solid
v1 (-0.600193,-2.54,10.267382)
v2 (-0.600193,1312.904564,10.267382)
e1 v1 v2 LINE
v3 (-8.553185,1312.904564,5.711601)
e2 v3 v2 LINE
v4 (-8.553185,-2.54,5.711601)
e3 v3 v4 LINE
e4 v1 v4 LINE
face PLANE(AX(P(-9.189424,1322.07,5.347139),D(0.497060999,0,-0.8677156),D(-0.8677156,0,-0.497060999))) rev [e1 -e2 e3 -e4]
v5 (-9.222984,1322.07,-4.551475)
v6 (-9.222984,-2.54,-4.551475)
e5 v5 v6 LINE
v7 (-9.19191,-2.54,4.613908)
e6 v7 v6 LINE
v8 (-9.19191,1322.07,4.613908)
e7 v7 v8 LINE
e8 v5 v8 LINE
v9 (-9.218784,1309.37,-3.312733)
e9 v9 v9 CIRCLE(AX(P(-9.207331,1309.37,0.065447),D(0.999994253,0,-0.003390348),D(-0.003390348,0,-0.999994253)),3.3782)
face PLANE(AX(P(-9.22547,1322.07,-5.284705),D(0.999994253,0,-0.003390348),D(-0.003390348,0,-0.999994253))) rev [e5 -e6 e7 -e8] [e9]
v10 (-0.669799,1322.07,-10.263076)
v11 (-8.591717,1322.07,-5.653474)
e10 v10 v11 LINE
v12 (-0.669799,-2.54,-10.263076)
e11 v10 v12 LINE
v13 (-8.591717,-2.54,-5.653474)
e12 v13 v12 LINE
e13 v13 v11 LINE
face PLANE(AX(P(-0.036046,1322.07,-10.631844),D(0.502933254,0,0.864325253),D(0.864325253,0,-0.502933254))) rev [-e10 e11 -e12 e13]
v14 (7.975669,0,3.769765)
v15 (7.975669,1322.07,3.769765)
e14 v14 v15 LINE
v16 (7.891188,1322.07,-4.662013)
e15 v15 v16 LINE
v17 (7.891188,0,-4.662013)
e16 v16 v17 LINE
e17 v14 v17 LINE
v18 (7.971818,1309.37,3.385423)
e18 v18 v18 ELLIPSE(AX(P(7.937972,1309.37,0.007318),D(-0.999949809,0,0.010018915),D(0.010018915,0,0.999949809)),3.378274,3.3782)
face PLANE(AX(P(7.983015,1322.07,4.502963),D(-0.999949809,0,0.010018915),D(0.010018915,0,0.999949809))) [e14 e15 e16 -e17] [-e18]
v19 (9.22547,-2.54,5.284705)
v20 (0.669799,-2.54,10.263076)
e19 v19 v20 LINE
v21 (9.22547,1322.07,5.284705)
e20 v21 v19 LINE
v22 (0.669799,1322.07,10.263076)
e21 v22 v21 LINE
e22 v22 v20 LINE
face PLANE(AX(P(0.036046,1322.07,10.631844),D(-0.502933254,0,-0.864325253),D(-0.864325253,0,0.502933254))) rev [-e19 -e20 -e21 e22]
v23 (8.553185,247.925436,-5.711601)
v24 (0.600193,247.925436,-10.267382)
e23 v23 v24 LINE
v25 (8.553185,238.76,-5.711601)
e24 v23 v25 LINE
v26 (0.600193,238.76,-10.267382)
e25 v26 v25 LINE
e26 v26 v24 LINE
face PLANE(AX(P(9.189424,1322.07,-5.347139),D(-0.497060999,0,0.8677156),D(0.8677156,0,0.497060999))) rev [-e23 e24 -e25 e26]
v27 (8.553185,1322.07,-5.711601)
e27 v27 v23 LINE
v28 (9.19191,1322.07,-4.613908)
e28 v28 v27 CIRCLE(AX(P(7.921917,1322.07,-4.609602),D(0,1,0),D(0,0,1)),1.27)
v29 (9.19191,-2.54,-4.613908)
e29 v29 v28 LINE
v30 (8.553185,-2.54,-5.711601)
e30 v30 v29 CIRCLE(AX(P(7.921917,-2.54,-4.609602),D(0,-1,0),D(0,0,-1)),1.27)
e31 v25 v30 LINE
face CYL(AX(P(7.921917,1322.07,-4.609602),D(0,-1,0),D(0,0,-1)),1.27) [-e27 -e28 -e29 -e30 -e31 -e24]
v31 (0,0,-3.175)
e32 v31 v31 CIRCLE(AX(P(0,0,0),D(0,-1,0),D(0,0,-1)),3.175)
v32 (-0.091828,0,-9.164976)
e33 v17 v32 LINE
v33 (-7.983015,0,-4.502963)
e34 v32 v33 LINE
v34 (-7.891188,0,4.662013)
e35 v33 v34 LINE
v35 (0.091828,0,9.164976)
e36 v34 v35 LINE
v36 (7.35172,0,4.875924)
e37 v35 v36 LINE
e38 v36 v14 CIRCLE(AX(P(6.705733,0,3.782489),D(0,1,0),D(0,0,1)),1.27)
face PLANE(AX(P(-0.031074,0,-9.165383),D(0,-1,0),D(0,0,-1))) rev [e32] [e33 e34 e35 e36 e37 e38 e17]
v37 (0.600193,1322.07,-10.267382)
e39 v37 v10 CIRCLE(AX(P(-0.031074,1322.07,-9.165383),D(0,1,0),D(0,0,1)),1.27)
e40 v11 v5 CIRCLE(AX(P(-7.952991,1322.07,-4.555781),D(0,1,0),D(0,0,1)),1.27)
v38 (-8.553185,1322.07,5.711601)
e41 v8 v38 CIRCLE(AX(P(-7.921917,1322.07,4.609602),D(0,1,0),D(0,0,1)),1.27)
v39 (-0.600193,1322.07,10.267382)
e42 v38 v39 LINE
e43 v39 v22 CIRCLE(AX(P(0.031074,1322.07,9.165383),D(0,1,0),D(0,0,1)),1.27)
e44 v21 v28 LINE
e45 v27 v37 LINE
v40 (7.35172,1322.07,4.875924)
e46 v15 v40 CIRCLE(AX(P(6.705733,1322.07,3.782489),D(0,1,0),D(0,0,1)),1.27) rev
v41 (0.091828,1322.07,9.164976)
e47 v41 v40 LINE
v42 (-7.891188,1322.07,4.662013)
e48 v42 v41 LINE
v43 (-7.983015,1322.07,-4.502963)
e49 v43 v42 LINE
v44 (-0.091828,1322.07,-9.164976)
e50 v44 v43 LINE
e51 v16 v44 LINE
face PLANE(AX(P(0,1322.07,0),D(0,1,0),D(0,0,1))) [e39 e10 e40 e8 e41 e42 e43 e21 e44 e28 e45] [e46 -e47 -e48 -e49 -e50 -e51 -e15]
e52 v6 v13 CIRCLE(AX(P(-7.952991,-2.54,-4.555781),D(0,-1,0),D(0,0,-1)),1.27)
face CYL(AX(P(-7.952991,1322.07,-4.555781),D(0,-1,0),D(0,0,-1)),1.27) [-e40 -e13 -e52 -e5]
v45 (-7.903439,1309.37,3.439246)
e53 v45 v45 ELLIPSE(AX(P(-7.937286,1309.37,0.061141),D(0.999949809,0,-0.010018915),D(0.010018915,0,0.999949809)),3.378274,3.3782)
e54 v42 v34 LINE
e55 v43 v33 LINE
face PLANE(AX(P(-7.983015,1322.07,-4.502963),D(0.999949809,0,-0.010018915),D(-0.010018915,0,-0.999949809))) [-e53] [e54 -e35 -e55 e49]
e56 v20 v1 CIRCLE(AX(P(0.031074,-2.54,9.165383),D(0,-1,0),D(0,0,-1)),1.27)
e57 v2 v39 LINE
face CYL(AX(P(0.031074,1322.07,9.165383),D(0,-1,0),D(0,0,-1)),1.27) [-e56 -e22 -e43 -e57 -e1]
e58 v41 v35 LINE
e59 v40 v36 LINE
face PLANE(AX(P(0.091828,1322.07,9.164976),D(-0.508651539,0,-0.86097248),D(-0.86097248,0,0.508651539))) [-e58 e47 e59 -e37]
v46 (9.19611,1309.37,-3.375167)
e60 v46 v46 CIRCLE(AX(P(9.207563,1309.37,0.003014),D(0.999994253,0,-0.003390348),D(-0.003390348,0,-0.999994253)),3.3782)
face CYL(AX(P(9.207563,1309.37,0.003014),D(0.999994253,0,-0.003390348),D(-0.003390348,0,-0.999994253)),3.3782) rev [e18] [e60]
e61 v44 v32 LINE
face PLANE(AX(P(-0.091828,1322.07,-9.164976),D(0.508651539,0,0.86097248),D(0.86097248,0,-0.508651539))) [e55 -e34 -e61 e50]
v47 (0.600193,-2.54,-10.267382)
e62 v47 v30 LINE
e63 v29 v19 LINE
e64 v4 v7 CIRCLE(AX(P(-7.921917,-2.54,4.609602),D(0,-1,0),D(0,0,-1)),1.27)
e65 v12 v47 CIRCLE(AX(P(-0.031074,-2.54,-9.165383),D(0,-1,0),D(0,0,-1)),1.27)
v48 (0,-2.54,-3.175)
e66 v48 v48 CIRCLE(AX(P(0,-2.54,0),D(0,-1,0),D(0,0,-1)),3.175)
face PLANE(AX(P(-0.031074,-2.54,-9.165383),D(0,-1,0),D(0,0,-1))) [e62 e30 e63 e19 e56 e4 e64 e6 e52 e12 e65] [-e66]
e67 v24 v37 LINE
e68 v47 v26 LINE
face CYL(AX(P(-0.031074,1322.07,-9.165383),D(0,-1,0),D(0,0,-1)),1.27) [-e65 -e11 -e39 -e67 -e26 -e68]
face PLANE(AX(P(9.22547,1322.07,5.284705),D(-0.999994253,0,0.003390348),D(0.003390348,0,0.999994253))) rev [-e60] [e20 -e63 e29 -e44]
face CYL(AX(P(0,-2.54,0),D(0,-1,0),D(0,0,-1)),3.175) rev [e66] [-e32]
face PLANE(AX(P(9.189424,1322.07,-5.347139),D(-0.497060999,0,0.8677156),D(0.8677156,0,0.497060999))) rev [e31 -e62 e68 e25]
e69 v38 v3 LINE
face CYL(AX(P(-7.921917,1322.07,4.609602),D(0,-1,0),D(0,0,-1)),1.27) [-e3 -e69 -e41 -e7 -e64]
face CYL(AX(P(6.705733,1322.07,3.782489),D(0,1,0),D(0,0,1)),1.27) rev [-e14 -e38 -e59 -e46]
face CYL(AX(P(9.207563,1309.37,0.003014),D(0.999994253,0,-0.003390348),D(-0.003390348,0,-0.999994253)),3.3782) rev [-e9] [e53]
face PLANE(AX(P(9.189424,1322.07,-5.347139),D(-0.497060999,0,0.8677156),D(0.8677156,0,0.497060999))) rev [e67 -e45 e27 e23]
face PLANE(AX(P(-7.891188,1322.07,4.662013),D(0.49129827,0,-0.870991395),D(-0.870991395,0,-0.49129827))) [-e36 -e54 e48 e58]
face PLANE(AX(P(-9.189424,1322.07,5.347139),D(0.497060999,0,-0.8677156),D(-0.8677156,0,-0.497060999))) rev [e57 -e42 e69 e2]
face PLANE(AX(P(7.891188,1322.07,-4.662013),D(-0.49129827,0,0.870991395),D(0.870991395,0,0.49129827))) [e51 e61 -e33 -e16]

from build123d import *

# Parameters (mm, degrees)
BOSS_EXTRUDE1_DEPTH         = 1322.07
FILLET1_R                   = 1.27
BOSS_EXTRUDE2_DEPTH         = 2.54
F_1_4_0_25_DIAMETER_HOLE1_D = 6.35
F_1_4_CLEARANCE_HOLE1_D     = 6.7564


with BuildPart() as part:
    # Sketch1 → Boss-Extrude1 (new body)
    with BuildSketch(Plane(origin=(0, 0, 0), x_dir=(1, 0, 0), z_dir=(0, 1, 0))):
        Polygon((-9.225470009, 5.284705426), (-9.189424155, -5.347138677), (0.036045854, -10.631844103), (9.225470009, -5.284705426), (9.189424155, 5.347138677), (-0.036045854, 10.631844103), align=None)
        Polygon((-7.98301547, 4.502962617), (-7.891187754, -4.662012887), (0.091827716, -9.164975505), (7.98301547, -4.502962617), (7.891187754, 4.662012887), (-0.091827716, 9.164975505), align=None, mode=Mode.SUBTRACT)
    extrude(amount=BOSS_EXTRUDE1_DEPTH)

    # Fillet1
    fillet1_edges = [part.edges().sort_by_distance(p)[0] for p in [
        (-0.036045854, 661.035, -10.631844103),
        (9.189424155, 661.035, -5.347138677),
        (0.036045854, 661.035, 10.631844103),
        (-9.189424155, 661.035, 5.347138677),
        (-9.225470009, 661.035, -5.284705426),
        (7.98301547, 661.035, 4.502962617),
    ]]
    fillet(fillet1_edges, radius=FILLET1_R)

    # Sketch3 → Boss-Extrude2 (add)
    with BuildSketch(Plane.XZ):
        with BuildLine():
            Line((0.600193457, -10.26738166), (8.553184844, -5.71160112))
            ThreePointArc((8.553184844, -5.71160112), (9.019610446, -5.24832754), (9.191910076, -4.613908049))
            Line((9.191910076, -4.613908049), (9.225470009, 5.284705426))
            Line((9.225470009, 5.284705426), (0.669799244, 10.263075918))
            ThreePointArc((0.669799244, 10.263075918), (0.035379754, 10.435375548), (-0.600193457, 10.26738166))
            Line((-0.600193457, 10.26738166), (-8.553184844, 5.71160112))
            ThreePointArc((-8.553184844, 5.71160112), (-9.019610446, 5.24832754), (-9.191910076, 4.613908049))
            Line((-9.191910076, 4.613908049), (-9.222984088, -4.551474798))
            ThreePointArc((-9.222984088, -4.551474798), (-9.0549902, -5.187048009), (-8.591716619, -5.653473611))
            Line((-8.591716619, -5.653473611), (-0.669799244, -10.263075918))
            ThreePointArc((-0.669799244, -10.263075918), (-0.035379754, -10.435375548), (0.600193457, -10.26738166))
        make_face()
    extrude(amount=BOSS_EXTRUDE2_DEPTH)

    # 1/4 (0.25) Diameter Hole1 (through all)
    with Locations(Plane(origin=(0, -2.54, 0), x_dir=(-1, 0, 0), z_dir=(0, -1, 0))):
        with Locations((0, 0)):
            Hole(F_1_4_0_25_DIAMETER_HOLE1_D / 2)

    # 1/4 Clearance Hole1 (through all)
    with Locations(Plane(origin=(9.207563136, 0, 0.003013921), x_dir=(-0.003390348, 0, -0.999994253), z_dir=(0.999994253, 0, -0.003390348))):
        with Locations((0, 1309.37)):
            Hole(F_1_4_CLEARANCE_HOLE1_D / 2)


solid = part.part
